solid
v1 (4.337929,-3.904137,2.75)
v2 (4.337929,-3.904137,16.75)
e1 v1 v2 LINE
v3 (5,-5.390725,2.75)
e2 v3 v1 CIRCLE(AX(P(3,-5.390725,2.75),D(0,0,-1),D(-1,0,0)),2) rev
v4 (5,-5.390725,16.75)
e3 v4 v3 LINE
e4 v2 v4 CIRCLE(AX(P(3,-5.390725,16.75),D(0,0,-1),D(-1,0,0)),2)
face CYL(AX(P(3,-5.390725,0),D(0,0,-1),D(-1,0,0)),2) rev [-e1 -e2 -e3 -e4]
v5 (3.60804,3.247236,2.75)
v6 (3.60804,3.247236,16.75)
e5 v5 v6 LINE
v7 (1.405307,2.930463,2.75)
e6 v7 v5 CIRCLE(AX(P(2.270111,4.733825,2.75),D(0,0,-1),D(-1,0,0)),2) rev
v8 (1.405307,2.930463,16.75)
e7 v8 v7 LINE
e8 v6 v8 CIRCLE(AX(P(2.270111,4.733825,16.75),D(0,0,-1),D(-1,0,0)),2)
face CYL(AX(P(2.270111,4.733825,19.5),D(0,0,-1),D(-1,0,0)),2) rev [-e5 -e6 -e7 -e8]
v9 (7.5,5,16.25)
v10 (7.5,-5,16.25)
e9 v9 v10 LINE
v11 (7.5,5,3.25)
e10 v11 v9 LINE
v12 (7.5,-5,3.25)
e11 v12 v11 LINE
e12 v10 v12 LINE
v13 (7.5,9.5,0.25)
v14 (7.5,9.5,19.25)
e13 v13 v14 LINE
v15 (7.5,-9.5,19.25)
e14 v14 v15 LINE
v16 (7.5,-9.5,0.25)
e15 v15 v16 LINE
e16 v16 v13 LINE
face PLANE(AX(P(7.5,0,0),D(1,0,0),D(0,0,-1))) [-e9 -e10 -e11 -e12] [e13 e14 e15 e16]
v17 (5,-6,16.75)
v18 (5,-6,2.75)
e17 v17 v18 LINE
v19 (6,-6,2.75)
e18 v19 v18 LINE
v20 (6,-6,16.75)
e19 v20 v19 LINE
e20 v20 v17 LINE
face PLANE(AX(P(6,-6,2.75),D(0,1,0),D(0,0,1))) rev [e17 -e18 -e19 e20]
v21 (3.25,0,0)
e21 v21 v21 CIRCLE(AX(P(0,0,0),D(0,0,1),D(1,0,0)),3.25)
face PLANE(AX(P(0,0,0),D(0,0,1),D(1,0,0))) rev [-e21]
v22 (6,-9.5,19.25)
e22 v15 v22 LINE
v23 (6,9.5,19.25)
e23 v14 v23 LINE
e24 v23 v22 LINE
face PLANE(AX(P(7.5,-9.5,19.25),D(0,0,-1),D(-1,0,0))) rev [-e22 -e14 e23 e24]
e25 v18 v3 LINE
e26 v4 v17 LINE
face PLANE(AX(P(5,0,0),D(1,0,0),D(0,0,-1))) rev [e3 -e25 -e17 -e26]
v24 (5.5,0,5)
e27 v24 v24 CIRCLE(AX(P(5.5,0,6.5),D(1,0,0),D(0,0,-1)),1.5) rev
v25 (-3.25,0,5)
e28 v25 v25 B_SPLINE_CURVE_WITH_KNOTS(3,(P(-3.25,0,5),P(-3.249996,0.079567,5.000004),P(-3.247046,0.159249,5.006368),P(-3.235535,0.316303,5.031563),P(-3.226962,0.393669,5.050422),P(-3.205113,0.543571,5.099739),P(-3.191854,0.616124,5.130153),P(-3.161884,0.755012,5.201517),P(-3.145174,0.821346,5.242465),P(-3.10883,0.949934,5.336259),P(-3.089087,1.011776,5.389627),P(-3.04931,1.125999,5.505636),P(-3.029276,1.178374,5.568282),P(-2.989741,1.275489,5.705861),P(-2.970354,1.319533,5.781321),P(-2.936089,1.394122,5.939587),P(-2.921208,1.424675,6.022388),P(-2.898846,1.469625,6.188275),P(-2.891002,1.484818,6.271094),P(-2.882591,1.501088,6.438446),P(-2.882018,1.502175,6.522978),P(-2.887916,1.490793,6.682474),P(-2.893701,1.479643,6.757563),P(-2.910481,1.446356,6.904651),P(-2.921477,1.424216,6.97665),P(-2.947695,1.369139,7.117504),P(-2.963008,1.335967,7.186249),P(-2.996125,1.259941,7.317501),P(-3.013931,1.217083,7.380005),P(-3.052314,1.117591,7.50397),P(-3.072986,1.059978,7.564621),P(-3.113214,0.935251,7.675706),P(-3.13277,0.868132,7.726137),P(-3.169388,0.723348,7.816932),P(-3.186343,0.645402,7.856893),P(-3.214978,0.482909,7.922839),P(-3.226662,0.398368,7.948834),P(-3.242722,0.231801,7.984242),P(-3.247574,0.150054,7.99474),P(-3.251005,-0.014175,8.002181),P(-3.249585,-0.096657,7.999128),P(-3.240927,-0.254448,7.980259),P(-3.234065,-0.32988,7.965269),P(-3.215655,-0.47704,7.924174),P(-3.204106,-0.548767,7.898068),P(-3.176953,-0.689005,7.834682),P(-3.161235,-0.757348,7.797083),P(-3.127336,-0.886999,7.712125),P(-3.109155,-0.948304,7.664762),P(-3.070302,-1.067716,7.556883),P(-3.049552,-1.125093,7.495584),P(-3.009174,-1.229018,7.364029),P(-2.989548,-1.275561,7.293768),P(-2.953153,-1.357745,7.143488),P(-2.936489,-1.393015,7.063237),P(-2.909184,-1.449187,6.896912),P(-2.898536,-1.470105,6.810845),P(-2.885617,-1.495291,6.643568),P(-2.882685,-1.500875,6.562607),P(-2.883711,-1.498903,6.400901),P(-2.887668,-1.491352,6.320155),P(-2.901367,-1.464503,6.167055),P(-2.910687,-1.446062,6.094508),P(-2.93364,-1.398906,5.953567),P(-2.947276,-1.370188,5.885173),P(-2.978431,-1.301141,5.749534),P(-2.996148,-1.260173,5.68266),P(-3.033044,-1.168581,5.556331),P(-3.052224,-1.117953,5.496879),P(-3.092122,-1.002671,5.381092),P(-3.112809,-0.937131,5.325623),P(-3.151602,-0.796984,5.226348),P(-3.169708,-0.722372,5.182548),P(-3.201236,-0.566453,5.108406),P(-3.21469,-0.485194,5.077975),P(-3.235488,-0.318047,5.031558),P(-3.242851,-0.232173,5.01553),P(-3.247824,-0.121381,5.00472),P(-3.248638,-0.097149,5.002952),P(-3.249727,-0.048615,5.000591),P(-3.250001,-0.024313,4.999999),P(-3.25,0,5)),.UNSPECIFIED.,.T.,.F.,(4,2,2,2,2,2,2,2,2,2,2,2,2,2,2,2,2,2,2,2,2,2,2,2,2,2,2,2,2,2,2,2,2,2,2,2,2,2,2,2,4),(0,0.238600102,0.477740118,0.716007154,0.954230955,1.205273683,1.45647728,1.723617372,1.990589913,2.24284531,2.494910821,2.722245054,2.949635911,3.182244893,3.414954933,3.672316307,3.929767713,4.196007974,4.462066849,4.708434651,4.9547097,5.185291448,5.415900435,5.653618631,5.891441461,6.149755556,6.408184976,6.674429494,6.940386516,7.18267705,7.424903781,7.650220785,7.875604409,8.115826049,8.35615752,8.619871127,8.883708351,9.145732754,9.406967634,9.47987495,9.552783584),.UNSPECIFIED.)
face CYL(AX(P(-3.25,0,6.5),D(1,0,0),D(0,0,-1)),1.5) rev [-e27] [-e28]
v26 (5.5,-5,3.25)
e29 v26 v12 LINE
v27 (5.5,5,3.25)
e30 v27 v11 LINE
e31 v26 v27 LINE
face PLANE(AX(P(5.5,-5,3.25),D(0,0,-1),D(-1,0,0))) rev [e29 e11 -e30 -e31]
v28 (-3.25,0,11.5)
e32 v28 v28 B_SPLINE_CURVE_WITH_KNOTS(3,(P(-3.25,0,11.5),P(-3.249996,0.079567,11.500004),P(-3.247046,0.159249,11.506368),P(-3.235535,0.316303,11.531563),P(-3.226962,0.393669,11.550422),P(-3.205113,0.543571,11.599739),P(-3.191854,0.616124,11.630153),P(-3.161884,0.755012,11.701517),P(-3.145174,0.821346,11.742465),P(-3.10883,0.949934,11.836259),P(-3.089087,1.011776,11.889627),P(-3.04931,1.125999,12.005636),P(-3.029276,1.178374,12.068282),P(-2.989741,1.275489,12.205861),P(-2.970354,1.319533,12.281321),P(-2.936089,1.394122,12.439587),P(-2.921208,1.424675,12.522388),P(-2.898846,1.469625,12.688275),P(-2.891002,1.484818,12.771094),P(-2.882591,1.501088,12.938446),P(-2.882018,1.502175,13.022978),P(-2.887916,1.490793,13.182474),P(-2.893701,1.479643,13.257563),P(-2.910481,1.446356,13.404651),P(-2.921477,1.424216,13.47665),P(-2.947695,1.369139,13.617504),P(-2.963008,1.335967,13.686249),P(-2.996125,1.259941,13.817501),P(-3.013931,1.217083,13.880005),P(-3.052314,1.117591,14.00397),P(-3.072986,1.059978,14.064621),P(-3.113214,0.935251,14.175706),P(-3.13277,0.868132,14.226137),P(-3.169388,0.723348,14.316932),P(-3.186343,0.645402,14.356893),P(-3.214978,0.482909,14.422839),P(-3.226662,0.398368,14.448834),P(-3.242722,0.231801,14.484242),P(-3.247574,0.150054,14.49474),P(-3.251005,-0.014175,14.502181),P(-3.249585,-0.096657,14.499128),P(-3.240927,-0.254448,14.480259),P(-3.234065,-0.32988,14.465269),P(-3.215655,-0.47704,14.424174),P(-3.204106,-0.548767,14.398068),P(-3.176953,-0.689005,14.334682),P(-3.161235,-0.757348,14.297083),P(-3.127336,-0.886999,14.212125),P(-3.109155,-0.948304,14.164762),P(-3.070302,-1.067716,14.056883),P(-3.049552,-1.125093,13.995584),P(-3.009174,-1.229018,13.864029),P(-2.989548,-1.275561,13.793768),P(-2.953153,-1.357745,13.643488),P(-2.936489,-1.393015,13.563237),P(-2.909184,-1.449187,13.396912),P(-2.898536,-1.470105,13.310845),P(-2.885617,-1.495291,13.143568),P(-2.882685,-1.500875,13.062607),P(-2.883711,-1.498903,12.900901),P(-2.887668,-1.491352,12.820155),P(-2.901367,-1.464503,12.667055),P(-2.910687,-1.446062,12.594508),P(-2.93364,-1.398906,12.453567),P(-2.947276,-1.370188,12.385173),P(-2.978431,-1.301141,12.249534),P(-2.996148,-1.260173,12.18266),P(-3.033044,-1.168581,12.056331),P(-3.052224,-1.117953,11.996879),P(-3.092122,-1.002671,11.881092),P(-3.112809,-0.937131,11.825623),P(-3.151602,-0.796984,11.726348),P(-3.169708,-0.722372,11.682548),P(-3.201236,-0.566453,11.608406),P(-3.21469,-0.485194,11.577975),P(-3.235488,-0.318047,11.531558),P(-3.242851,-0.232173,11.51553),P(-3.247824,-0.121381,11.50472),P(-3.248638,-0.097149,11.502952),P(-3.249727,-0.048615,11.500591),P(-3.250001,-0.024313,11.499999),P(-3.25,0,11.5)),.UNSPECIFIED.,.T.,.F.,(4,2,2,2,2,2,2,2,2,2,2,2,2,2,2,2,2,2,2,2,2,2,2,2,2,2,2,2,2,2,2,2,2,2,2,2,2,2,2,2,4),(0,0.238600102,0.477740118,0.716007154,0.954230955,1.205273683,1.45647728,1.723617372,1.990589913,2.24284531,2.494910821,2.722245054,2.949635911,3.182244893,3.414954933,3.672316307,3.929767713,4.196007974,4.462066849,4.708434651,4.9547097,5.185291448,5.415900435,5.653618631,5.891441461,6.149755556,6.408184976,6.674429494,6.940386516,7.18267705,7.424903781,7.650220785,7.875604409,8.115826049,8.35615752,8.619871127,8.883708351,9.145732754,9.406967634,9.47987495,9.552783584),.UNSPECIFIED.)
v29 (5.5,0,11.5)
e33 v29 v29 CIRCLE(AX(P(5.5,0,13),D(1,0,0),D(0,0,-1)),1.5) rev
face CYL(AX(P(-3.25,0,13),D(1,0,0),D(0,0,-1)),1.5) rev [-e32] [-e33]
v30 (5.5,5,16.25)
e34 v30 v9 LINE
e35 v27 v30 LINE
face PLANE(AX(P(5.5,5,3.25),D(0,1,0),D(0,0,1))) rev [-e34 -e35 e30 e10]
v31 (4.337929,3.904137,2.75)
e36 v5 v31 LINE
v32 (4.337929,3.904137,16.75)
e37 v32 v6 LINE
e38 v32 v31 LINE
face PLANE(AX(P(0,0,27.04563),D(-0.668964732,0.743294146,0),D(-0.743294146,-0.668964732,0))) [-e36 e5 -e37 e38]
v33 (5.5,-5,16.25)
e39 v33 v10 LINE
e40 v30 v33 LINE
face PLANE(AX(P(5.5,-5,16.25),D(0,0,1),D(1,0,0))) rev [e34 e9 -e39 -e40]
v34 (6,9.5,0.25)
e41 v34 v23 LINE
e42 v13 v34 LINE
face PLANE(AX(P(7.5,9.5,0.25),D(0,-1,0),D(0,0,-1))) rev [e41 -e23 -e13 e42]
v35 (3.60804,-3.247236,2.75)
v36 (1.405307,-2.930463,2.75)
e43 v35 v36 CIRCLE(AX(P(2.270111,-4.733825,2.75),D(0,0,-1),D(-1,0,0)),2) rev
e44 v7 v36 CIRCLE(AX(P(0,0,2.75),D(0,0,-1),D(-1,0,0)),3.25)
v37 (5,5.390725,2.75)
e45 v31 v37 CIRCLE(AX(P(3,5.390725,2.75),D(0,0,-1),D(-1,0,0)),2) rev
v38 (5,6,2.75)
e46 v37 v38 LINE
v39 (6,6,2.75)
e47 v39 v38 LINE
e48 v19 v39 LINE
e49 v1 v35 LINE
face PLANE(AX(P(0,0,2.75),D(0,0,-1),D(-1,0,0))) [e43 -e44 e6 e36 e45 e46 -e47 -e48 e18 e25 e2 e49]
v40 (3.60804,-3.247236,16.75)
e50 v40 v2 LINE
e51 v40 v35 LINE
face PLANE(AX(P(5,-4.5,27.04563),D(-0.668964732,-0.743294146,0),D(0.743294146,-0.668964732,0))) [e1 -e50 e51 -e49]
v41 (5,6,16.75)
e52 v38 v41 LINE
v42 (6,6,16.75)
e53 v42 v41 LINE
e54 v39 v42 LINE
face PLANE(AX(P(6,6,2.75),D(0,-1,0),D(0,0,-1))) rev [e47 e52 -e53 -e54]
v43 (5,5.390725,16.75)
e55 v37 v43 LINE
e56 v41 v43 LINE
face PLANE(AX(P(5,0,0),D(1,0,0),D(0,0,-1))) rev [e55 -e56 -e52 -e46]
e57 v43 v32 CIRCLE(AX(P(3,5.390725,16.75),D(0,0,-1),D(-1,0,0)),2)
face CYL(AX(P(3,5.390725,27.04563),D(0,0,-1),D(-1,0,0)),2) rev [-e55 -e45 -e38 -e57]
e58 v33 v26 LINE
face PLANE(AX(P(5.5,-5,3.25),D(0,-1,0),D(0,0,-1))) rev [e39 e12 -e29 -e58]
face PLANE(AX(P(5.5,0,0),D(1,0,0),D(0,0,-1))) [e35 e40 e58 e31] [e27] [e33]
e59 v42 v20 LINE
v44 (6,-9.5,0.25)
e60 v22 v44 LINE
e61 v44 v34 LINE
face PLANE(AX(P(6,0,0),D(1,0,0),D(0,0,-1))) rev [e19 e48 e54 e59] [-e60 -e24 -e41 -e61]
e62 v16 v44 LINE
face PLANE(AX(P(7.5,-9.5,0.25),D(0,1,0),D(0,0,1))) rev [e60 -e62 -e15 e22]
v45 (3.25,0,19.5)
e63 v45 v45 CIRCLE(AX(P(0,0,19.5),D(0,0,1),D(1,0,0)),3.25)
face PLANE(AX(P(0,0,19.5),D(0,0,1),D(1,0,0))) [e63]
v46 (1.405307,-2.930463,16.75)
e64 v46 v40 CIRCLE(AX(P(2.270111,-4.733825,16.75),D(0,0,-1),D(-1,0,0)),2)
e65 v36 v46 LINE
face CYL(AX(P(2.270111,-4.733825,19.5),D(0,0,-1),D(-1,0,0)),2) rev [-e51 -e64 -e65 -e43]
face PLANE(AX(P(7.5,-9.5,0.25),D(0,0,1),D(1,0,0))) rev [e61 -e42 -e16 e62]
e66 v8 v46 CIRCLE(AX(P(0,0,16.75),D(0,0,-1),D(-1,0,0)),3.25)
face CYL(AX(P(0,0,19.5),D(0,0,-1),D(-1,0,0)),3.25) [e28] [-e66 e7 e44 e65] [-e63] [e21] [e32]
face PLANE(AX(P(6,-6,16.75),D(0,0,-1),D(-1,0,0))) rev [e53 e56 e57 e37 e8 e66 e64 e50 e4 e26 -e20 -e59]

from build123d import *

# Parameters (mm, degrees)
SKETCH_1_R          = 3.25
EXTRUDE_1_DEPTH     = 19.5
SKETCH_2_W          = 14
SKETCH_2_H          = 12
EXTRUDE_2_DEPTH     = 1
EXTRUDE_3_DEPTH     = 14
FILLET_1_R          = 2
SKETCH_5_W          = 19
SKETCH_5_H          = 19
EXTRUDE_4_DEPTH     = 1.5
SKETCH_6_R          = 1.5
CUT_EXTRUDE_1_DEPTH = 11.75
SKETCH_7_W          = 13
SKETCH_7_H          = 10
CUT_EXTRUDE_2_DEPTH = 2


with BuildPart() as part:
    # ｽｹｯﾁ1 → ﾎﾞｽ - 押し出し1 (new body)
    with BuildSketch(Plane.XY):
        Circle(SKETCH_1_R)
    extrude(amount=EXTRUDE_1_DEPTH)



with BuildPart() as body_2:
    # ｽｹｯﾁ2 → ﾎﾞｽ - 押し出し2 (new body)
    with BuildSketch(Plane(origin=(5, 0, 0), x_dir=(0, 0, -1), z_dir=(1, 0, 0))):
        with Locations((-9.75, 0)):
            Rectangle(SKETCH_2_W, SKETCH_2_H)
    extrude(amount=EXTRUDE_2_DEPTH)


with BuildPart() as part_1:
    add(part.part)

    add(body_2.part)  # ﾎﾞｽ - 押し出し3 merges body 2
    # ｽｹｯﾁ3 → ﾎﾞｽ - 押し出し3 (add)
    with BuildSketch(Plane(origin=(0, 0, 2.75), x_dir=(-1, 0, 0), z_dir=(0, 0, -1))):
        Polygon((0, 0), (-5, 4.5), (-5, -4.5), align=None)
    extrude(amount=-EXTRUDE_3_DEPTH)

    # ﾌｨﾚｯﾄ1
    fillet_1_edges = [part_1.edges().sort_by_distance(p)[0] for p in [
        (2.415705975, 2.174135378, 9.75),
        (2.415705975, -2.174135378, 9.75),
        (5, 4.5, 9.75),
        (5, -4.5, 9.75),
    ]]
    fillet(fillet_1_edges, radius=FILLET_1_R)

    # ｽｹｯﾁ5 → ﾎﾞｽ - 押し出し4 (add)
    with BuildSketch(Plane(origin=(6, 0, 0), x_dir=(0, 0, -1), z_dir=(1, 0, 0))):
        with Locations((-9.75, 0)):
            Rectangle(SKETCH_5_W, SKETCH_5_H)
    extrude(amount=EXTRUDE_4_DEPTH)

    # ｽｹｯﾁ6 → ｶｯﾄ - 押し出し1 (cut, through all)
    with BuildSketch(Plane(origin=(7.5, 0, 0), x_dir=(0, 0, -1), z_dir=(1, 0, 0))):
        with Locations((-13, 0)):
            Circle(SKETCH_6_R)
        with Locations((-6.5, 0)):
            Circle(SKETCH_6_R)
    extrude(amount=-CUT_EXTRUDE_1_DEPTH, mode=Mode.SUBTRACT)

    # ｽｹｯﾁ7 → ｶｯﾄ - 押し出し2 (cut)
    with BuildSketch(Plane(origin=(7.5, 0, 0), x_dir=(0, 0, -1), z_dir=(1, 0, 0))):
        with Locations((-9.75, 0)):
            Rectangle(SKETCH_7_W, SKETCH_7_H)
    extrude(amount=-CUT_EXTRUDE_2_DEPTH, mode=Mode.SUBTRACT)


solid = part_1.part
